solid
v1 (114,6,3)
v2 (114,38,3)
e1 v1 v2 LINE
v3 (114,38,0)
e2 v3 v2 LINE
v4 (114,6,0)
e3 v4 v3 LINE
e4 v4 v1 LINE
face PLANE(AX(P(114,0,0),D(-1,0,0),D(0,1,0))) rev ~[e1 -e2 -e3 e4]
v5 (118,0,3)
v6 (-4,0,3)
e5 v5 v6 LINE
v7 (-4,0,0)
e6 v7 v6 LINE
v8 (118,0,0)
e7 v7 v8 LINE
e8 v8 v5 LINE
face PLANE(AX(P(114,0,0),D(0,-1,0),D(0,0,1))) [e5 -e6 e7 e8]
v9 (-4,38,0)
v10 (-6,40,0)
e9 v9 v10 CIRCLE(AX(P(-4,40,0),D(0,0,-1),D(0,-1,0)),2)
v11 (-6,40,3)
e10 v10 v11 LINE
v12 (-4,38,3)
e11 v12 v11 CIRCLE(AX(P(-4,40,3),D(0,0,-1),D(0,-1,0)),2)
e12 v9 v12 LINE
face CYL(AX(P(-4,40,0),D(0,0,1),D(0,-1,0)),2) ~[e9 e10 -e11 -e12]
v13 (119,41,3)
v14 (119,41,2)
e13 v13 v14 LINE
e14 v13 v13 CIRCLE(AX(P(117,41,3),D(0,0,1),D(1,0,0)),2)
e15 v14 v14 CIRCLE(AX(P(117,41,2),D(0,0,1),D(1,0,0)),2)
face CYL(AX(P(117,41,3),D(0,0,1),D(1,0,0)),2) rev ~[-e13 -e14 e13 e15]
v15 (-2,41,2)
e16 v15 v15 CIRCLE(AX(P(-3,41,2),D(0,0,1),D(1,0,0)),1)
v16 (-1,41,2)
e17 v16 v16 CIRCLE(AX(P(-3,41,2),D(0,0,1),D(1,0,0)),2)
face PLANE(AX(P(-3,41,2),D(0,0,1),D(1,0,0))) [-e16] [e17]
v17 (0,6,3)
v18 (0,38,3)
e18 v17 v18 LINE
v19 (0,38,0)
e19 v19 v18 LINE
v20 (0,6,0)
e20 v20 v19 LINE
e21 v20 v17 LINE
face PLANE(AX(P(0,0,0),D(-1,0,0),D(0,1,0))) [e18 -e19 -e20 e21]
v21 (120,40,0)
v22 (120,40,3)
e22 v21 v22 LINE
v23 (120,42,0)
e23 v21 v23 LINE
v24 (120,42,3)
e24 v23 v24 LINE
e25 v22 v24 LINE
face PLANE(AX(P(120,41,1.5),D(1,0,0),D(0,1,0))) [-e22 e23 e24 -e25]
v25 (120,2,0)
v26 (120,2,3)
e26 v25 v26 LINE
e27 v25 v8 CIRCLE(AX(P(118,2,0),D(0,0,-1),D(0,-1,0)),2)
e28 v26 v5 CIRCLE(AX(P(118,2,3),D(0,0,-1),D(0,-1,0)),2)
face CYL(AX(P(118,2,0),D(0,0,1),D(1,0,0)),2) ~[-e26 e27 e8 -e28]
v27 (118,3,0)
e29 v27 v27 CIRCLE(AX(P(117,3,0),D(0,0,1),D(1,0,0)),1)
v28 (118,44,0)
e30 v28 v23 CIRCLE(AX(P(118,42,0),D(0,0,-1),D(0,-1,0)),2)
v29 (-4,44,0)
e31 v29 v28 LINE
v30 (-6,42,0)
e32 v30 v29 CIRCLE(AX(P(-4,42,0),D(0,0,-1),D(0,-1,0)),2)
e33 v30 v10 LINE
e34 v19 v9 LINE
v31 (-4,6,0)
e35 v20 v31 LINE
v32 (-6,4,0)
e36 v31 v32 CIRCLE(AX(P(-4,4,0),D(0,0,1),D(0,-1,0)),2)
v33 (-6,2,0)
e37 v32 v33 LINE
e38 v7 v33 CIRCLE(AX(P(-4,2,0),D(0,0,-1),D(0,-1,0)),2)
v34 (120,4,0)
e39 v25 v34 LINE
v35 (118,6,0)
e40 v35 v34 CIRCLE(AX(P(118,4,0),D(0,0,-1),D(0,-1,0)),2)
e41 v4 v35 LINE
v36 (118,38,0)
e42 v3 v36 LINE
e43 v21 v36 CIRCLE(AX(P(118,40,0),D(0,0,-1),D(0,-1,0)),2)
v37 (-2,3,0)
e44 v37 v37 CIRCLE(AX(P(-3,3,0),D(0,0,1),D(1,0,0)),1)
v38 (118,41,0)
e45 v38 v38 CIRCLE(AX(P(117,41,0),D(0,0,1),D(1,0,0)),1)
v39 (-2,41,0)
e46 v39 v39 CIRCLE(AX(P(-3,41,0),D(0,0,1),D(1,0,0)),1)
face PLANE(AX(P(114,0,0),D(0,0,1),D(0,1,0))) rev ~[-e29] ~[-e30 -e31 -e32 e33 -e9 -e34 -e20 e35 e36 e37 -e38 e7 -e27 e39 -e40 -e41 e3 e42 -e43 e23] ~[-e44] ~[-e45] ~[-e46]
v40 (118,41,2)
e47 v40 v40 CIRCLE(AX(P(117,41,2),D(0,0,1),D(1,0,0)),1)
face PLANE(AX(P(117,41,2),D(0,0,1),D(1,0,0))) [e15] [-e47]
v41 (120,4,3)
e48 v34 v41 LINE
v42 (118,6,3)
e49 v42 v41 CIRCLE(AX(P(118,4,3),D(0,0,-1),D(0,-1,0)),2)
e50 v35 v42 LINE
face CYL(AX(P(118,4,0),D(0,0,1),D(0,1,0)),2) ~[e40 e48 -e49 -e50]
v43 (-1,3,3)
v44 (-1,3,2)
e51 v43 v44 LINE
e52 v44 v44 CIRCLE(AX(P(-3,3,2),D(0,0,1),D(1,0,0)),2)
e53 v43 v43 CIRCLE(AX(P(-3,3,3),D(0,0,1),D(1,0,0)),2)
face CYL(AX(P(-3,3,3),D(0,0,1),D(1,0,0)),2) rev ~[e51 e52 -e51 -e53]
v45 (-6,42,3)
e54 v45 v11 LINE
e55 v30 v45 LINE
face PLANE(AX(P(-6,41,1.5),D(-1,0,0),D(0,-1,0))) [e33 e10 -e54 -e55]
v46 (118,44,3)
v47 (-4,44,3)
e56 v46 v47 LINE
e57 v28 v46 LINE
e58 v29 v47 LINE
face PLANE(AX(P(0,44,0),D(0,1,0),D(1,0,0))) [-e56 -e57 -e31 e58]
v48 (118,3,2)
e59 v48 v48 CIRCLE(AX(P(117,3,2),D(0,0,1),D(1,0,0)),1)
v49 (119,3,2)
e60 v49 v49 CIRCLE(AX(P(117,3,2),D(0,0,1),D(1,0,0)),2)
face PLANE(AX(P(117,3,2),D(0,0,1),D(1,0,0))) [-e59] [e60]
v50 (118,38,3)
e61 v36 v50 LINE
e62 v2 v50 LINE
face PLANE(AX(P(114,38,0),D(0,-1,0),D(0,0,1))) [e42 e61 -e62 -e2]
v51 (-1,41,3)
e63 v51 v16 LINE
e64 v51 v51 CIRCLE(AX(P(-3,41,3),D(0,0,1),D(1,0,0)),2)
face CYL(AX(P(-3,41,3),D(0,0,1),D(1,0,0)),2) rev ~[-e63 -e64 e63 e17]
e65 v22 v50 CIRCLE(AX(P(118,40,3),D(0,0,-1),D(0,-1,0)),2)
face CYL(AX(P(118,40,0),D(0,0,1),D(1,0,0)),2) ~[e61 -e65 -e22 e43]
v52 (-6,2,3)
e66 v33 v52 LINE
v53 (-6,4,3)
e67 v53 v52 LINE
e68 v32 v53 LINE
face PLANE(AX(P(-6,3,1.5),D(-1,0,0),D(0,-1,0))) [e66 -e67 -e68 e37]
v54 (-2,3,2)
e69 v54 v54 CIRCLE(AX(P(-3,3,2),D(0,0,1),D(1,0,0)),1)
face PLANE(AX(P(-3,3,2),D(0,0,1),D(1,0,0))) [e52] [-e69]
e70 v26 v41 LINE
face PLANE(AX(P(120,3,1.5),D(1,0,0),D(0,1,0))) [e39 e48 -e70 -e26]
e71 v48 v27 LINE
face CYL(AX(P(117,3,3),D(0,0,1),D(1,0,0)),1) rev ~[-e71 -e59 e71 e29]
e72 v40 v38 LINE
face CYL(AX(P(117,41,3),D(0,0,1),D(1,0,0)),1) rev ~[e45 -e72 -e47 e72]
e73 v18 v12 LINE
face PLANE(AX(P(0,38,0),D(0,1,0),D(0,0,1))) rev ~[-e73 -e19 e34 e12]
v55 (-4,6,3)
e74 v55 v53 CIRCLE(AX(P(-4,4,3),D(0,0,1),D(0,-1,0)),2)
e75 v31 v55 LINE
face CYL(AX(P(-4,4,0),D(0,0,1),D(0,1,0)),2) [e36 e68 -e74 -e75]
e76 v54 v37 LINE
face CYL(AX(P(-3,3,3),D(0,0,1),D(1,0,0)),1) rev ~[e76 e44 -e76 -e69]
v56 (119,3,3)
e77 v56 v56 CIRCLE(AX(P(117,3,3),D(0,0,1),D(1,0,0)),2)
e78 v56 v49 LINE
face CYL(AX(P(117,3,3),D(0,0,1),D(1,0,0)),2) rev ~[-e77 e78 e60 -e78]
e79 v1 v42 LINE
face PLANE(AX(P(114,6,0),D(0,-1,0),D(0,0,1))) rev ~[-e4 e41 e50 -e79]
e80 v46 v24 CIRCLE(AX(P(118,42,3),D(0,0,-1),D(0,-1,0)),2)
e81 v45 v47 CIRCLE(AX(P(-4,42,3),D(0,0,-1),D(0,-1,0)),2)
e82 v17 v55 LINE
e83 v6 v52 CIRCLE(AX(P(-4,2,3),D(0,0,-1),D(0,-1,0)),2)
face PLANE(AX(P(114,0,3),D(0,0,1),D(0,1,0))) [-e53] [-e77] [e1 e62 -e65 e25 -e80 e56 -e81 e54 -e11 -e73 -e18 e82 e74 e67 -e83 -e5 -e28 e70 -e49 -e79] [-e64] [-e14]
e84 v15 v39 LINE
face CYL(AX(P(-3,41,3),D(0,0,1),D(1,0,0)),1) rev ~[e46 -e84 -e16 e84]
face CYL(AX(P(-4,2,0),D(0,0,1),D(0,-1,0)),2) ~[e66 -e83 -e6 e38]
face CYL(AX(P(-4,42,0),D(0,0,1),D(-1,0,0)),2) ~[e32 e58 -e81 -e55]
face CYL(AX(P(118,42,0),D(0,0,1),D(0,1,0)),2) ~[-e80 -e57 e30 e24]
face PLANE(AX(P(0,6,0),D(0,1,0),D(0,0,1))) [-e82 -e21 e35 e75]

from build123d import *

# Parameters (mm, degrees)
SKETCH_W        = 114
SKETCH_H        = 44
PAD_DEPTH       = 3
SKETCH001_W     = 6
SKETCH001_H     = 3
PAD001_DEPTH    = 6
SKETCH002_W     = 6
SKETCH002_H     = 3
PAD002_DEPTH    = 6
SKETCH003_R     = 1
POCKET_DEPTH    = 5
SKETCH004_R     = 2
POCKET001_DEPTH = 1
FILLET_R        = 2
FILLET001_R     = 2
FILLET002_R     = 2
FILLET003_R     = 2
FILLET004_R     = 2
FILLET005_R     = 2
FILLET006_R     = 2
FILLET007_R     = 2


with BuildPart() as part:
    # Sketch → Pad (new body)
    with BuildSketch(Plane.XY):
        with Locations((57, 22)):
            Rectangle(SKETCH_W, SKETCH_H)
    extrude(amount=PAD_DEPTH)

    # Sketch001 → Pad001 (new body)
    with BuildSketch(Plane(origin=(0, 0, 0), x_dir=(0, -1, 0), z_dir=(-1, 0, 0))):
        with Locations((-3, 1.5)):
            Rectangle(SKETCH001_W, SKETCH001_H)
        with Locations((-41, 1.5)):
            Rectangle(SKETCH001_W, SKETCH001_H)
    extrude(amount=PAD001_DEPTH)

    # Sketch002 → Pad002 (new body)
    with BuildSketch(Plane.YZ.offset(114)):
        with Locations((3, 1.5)):
            Rectangle(SKETCH002_W, SKETCH002_H)
        with Locations((41, 1.5)):
            Rectangle(SKETCH002_W, SKETCH002_H)
    extrude(amount=PAD002_DEPTH)

    # Sketch003 → Pocket (cut)
    with BuildSketch(Plane.XY.offset(3)):
        with Locations((-3, 3)):
            Circle(SKETCH003_R)
        with Locations((-3, 41)):
            Circle(SKETCH003_R)
        with Locations((117, 41)):
            Circle(SKETCH003_R)
        with Locations((117, 3)):
            Circle(SKETCH003_R)
    extrude(amount=-POCKET_DEPTH, mode=Mode.SUBTRACT)

    # Sketch004 → Pocket001 (cut)
    with BuildSketch(Plane.XY.offset(3)):
        with Locations((-3, 41)):
            Circle(SKETCH004_R)
        with Locations((-3, 3)):
            Circle(SKETCH004_R)
        with Locations((117, 41)):
            Circle(SKETCH004_R)
        with Locations((117, 3)):
            Circle(SKETCH004_R)
    extrude(amount=-POCKET001_DEPTH, mode=Mode.SUBTRACT)

    # Fillet
    fillet_edges = [part.edges().sort_by_distance(p)[0] for p in [
        (-6, 0, 1.5),
    ]]
    fillet(fillet_edges, radius=FILLET_R)

    # Fillet001
    fillet001_edges = [part.edges().sort_by_distance(p)[0] for p in [
        (-6, 38, 1.5),
    ]]
    fillet(fillet001_edges, radius=FILLET001_R)

    # Fillet002
    fillet002_edges = [part.edges().sort_by_distance(p)[0] for p in [
        (-6, 44, 1.5),
    ]]
    fillet(fillet002_edges, radius=FILLET002_R)

    # Fillet003
    fillet003_edges = [part.edges().sort_by_distance(p)[0] for p in [
        (-6, 6, 1.5),
    ]]
    fillet(fillet003_edges, radius=FILLET003_R)

    # Fillet004
    fillet004_edges = [part.edges().sort_by_distance(p)[0] for p in [
        (120, 44, 1.5),
    ]]
    fillet(fillet004_edges, radius=FILLET004_R)

    # Fillet005
    fillet005_edges = [part.edges().sort_by_distance(p)[0] for p in [
        (120, 38, 1.5),
    ]]
    fillet(fillet005_edges, radius=FILLET005_R)

    # Fillet006
    fillet006_edges = [part.edges().sort_by_distance(p)[0] for p in [
        (120, 6, 1.5),
    ]]
    fillet(fillet006_edges, radius=FILLET006_R)

    # Fillet007
    fillet007_edges = [part.edges().sort_by_distance(p)[0] for p in [
        (120, 0, 1.5),
    ]]
    fillet(fillet007_edges, radius=FILLET007_R)


solid = part.part
